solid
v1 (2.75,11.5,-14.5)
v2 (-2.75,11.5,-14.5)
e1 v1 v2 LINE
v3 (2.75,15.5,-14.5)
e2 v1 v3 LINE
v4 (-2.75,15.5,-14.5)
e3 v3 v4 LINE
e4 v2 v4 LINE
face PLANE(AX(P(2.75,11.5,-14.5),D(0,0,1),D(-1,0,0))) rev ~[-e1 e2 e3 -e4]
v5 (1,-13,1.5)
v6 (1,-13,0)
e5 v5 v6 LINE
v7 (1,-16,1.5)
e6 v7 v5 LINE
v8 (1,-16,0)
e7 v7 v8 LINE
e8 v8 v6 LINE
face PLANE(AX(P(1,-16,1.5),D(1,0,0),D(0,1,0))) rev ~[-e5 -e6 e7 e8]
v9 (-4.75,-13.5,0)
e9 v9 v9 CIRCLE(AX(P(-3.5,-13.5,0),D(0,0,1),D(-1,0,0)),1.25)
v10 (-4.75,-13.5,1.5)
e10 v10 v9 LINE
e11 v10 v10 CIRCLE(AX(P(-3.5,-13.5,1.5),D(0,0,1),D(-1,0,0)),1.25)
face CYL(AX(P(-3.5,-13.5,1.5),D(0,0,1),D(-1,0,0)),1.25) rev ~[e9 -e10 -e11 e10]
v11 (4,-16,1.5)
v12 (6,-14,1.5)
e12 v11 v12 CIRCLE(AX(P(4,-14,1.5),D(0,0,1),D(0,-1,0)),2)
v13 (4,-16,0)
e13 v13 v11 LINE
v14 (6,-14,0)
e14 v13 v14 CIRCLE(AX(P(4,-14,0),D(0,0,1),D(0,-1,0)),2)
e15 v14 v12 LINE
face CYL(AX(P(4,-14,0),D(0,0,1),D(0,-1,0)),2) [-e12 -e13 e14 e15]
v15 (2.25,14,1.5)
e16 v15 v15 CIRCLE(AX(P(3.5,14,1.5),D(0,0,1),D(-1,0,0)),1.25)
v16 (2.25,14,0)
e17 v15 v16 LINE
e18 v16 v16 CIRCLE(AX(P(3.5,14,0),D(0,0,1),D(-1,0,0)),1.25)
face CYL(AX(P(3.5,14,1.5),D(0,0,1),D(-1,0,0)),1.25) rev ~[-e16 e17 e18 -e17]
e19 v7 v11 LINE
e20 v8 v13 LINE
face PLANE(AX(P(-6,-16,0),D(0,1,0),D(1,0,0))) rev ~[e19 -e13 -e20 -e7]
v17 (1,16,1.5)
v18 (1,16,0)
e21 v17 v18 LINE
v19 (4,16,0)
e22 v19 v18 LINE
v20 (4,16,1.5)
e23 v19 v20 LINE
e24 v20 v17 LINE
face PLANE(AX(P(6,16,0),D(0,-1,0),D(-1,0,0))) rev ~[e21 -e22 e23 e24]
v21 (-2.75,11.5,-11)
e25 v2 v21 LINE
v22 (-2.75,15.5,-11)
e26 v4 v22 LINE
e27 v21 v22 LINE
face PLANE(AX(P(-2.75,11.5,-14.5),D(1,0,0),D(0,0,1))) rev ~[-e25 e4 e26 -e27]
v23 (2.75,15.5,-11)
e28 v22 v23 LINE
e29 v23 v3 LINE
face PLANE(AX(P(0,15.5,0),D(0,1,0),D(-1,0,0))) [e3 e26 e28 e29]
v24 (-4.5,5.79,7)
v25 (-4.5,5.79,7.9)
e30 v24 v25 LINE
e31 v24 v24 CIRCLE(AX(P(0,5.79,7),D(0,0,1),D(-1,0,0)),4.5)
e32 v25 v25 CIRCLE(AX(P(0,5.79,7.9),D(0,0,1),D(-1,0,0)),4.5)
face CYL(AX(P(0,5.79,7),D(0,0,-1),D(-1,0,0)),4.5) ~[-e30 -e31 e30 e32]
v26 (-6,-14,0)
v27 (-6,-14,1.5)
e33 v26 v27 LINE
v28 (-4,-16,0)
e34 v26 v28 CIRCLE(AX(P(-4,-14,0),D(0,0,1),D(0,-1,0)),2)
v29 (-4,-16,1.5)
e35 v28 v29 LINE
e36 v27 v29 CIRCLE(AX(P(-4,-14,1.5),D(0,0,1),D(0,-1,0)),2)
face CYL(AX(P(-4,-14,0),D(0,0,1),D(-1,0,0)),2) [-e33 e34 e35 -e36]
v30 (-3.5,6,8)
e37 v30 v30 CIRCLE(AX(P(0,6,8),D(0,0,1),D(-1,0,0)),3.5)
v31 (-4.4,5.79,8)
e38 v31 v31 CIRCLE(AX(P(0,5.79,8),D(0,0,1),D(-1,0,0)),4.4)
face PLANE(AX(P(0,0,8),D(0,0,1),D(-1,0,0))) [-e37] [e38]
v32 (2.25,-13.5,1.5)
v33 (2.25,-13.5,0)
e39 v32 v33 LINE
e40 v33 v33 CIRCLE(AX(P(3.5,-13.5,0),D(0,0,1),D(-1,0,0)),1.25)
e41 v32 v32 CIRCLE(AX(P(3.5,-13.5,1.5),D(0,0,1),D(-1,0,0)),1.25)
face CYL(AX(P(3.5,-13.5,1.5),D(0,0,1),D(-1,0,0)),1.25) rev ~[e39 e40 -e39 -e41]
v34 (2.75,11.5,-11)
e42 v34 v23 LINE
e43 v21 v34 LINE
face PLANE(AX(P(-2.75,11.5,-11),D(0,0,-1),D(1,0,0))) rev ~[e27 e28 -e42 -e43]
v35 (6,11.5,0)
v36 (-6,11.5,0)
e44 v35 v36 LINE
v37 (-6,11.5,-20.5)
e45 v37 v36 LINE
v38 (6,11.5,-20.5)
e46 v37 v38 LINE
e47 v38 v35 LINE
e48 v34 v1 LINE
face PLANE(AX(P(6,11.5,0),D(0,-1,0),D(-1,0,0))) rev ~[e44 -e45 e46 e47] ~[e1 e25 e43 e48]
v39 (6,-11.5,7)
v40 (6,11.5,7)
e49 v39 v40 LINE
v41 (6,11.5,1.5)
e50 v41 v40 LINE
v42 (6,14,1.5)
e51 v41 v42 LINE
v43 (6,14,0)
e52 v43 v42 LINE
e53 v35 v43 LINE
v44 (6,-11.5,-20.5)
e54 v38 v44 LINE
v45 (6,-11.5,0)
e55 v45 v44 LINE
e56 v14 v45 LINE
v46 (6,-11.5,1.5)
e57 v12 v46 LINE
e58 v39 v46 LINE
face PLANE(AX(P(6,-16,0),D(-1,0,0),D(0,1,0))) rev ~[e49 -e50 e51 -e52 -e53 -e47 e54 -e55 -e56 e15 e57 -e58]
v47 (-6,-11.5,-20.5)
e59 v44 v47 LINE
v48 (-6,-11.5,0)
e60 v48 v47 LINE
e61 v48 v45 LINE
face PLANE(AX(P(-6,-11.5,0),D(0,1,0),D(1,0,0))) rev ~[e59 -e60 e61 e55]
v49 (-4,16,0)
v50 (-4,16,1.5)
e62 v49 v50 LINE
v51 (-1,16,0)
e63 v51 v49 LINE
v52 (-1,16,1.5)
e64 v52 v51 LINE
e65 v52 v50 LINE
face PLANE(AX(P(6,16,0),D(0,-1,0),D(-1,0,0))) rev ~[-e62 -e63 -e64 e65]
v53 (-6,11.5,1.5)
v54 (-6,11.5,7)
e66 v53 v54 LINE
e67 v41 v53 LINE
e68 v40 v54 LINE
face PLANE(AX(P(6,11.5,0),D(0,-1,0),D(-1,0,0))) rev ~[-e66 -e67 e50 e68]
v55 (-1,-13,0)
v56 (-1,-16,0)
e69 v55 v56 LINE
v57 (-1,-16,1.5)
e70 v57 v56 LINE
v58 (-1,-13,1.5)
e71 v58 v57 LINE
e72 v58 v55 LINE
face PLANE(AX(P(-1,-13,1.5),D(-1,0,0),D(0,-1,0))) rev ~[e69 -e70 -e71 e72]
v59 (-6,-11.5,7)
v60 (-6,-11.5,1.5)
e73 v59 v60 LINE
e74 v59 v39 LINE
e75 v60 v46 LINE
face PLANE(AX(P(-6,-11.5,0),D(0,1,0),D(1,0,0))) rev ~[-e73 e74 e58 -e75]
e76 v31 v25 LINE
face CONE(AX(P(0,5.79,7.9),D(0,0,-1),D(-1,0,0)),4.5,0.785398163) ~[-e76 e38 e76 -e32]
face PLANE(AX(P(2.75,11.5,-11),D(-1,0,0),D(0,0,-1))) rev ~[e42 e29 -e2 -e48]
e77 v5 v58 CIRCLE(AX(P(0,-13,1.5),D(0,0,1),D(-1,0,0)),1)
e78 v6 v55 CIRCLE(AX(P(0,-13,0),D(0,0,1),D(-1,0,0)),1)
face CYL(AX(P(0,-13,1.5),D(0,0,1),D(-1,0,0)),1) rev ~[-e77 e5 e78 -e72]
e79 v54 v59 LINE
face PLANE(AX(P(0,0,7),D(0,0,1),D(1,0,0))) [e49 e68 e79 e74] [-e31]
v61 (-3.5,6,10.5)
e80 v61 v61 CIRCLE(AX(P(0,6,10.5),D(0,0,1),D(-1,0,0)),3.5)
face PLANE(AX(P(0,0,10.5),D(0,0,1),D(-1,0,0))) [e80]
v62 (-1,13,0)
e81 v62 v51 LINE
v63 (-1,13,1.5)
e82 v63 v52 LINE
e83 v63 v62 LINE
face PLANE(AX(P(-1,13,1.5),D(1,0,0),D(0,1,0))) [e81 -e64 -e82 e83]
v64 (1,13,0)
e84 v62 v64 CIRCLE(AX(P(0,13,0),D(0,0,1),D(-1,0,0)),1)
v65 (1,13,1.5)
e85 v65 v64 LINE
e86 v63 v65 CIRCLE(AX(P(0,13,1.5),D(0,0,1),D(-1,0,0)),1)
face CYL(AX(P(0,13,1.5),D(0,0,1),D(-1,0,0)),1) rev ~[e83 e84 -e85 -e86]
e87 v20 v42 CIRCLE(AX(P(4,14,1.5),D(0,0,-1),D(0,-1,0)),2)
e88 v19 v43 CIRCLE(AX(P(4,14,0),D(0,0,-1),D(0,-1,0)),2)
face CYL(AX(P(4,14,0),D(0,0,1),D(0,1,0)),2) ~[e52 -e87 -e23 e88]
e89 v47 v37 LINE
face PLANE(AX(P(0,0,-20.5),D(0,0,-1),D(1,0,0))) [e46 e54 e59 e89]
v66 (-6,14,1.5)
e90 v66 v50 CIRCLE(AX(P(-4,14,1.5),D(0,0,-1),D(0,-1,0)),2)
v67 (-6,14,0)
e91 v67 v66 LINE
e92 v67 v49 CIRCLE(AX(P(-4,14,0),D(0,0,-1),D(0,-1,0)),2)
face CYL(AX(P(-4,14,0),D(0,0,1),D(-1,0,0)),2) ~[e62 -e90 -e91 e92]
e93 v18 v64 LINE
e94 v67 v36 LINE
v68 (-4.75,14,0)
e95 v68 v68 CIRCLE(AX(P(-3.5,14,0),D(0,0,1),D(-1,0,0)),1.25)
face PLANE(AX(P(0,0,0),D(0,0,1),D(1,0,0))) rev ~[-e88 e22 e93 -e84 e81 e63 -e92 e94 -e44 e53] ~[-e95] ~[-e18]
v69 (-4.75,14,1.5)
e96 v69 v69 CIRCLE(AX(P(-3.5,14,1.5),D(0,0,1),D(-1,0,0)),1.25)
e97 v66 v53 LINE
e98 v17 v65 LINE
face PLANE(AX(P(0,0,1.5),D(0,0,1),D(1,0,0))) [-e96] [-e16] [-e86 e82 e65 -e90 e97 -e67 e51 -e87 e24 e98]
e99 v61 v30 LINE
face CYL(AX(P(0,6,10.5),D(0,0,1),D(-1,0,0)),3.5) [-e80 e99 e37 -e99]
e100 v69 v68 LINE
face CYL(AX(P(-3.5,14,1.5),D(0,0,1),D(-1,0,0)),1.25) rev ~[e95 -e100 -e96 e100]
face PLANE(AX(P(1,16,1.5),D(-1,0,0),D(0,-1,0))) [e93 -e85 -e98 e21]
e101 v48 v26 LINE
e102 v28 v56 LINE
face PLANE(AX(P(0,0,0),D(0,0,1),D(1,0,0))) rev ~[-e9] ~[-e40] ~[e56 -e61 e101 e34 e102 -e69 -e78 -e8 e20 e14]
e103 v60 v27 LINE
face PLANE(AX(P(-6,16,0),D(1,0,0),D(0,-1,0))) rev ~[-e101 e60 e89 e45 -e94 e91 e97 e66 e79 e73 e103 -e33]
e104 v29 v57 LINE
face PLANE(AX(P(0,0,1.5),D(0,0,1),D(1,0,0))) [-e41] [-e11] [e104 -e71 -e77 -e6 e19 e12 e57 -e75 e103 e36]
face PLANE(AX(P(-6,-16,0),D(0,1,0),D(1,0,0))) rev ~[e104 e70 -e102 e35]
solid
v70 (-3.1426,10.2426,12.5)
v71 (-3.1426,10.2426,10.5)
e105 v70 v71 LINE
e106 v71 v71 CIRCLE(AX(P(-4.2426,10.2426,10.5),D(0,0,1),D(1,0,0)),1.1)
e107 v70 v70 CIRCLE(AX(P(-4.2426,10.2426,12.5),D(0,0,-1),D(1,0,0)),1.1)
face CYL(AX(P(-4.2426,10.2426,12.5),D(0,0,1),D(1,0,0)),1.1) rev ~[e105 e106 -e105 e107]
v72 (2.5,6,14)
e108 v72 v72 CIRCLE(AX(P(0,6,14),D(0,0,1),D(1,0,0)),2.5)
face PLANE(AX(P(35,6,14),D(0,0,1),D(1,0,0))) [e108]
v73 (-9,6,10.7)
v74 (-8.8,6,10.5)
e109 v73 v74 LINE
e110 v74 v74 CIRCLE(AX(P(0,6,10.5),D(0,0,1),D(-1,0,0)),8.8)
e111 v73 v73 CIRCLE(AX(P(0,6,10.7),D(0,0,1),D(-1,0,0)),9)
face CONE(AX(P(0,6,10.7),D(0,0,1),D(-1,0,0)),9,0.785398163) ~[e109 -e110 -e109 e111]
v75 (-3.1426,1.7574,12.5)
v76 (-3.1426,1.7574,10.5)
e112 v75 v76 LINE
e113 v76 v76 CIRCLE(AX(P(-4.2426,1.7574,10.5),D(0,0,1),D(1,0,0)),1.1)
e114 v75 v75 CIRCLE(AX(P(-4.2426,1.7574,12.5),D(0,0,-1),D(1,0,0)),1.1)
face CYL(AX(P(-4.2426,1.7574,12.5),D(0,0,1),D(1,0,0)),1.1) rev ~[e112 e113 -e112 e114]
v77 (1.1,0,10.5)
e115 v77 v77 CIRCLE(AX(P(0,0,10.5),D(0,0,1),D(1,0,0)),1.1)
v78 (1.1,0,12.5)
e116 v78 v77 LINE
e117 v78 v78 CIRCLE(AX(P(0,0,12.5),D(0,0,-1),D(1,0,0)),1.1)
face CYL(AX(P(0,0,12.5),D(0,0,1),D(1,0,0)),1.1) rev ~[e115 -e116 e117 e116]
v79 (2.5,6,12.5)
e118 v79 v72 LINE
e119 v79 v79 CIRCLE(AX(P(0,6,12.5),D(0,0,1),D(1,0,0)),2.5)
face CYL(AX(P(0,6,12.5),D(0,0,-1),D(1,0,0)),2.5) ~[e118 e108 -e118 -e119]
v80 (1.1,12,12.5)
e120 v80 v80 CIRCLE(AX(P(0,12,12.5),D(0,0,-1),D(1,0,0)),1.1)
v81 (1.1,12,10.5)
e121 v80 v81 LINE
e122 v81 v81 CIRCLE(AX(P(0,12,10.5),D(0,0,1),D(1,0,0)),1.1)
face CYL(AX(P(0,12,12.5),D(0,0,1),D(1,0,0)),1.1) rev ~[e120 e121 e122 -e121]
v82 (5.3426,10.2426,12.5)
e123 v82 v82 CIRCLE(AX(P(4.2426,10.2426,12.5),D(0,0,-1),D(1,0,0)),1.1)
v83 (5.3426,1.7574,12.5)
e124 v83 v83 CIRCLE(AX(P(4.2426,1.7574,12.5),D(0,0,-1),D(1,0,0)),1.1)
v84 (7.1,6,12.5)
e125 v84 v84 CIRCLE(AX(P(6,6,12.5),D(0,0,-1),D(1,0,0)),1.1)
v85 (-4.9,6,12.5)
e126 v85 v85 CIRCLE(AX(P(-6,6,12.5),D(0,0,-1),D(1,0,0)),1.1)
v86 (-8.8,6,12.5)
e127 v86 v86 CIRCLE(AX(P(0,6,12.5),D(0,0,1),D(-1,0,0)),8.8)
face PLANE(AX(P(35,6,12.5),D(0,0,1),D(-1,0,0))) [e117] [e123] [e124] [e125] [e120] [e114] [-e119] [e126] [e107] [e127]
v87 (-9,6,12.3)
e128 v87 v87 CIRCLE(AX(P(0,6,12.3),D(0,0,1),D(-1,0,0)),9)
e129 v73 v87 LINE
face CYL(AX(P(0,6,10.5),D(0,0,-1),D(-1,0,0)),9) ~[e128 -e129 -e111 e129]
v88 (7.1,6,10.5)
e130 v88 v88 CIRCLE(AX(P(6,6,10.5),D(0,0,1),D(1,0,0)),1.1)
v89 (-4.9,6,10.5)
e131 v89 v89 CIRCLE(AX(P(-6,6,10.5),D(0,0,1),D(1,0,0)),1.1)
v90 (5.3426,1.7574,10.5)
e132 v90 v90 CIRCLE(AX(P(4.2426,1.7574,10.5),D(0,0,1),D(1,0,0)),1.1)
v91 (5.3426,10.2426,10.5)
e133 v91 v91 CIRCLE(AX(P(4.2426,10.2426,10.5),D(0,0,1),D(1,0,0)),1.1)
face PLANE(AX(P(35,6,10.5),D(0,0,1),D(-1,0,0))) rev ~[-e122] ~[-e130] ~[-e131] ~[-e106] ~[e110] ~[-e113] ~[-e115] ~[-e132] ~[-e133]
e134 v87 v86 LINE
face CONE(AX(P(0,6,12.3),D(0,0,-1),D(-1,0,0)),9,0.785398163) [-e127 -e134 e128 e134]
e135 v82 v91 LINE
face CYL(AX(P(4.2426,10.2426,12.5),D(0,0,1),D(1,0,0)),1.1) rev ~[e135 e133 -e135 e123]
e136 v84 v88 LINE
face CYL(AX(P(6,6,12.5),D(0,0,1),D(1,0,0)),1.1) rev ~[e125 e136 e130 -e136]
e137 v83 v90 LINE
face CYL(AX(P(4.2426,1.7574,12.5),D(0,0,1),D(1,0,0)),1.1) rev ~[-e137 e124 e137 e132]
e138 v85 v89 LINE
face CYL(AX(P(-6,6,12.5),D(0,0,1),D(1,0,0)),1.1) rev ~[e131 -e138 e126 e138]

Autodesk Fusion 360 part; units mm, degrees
sketch "스케치1" plane through (0, 0, 0) normal (0, 0, 1) x (1, 0, 0)
  line L0 (6, 11.5) -> (-6, 11.5)
  line L1 (-6, 11.5) -> (-6, -11.5)
  line L2 (-6, -11.5) -> (6, -11.5)
  line L3 (6, -11.5) -> (6, 11.5)
  line L4 (6, 11.5) -> (-6, -11.5) construction
  line L5 (-6, 11.5) -> (6, -11.5) construction
  dimension "d1" = 12
  dimension "d2" = 23
extrude "돌출1" add sketch "스케치1" along normal blind 7 makes body 1
sketch "스케치2" plane through (0, 0, 0) normal (0, 0, -1) x (1, 0, 0)
  line L0 (6, -11.5) -> (6, 11.5)
  line L1 (6, 11.5) -> (-6, 11.5)
  line L2 (-6, 11.5) -> (-6, -11.5)
  line L3 (-6, -11.5) -> (6, -11.5)
extrude "돌출2" add sketch "스케치2" along normal blind 20.5 bodies 1
sketch "스케치3" plane through (0, 0, 0) normal (0, 0, 1) x (1, 0, 0)
  line L0 (-6, -16) -> (6, -16)
  line L1 (6, -16) -> (6, 16)
  line L2 (6, 16) -> (-6, 16)
  line L3 (-6, 16) -> (-6, -16)
  line L4 (-6, -16) -> (6, 16) construction
  line L5 (6, -16) -> (-6, 16) construction
  dimension "d7" = 12
  dimension "d8" = 32
extrude "돌출3" add sketch "스케치3" along normal blind 1.5 bodies 1
sketch "스케치4" plane through (0, 0, 7) normal (0, 0, 1) x (-1, 0, 0)
  line L0 (-6, 11.5) -> (-6, -11.5)
  line L1 (-6, -11.5) -> (6, -11.5)
  line L2 (6, -11.5) -> (6, 11.5)
  line L3 (6, 11.5) -> (-6, 11.5)
  circle A0 centre (0, -5.79) radius 4.5
  dimension "d11" = 9
  dimension "d12" = 5.71
extrude "돌출4" add sketch "스케치4" along normal blind 1 contours A0 bodies 1
fillet "필렛1" radius 2 4 edges at (6, 16, 0.75) (-6, 16, 0.75) (6, -16, 0.75) (-6, -16, 0.75) on bodies 1
sketch "스케치5" plane through (0, 0, 1.5) normal (0, 0, 1) x (-1, 0, 0)
  arc A0 (4, -16) -> (6, -14) centre (4, -14) ccw
  line L0 (6, -14) -> (6, -11.5)
  line L1 (6, -11.5) -> (-6, -11.5)
  line L2 (-6, -11.5) -> (-6, -14)
  arc A1 (-6, -14) -> (-4, -16) centre (-4, -14) ccw
  line L3 (-4, -16) -> (4, -16)
  circle A2 centre (3.5, -14) radius 1.25
  circle A3 centre (-3.5, -14) radius 1.25
  line L4 (-6, -11.5) -> (6, -11.5)
  line L5 (1, -16) -> (-1, -16)
  line L6 (-1, -16) -> (-1, -13)
  line L7 (1, -13) -> (1, -16)
  line L8 (1, -16) -> (-1, -13) construction
  line L9 (-1, -16) -> (1, -13) construction
  circle A4 centre (0, -13) radius 1
  point P0 (0, -14.5)
  dimension "d17" = 2.5
  dimension "d18" = 2.5
  dimension "d19" = 2.5
  dimension "d20" = 2.5
  dimension "d21" = 2.5
  dimension "d22" = 2.5
  dimension "d23" = 2
  dimension "d24" = 3
extrude "돌출5" cut sketch "스케치5" against normal blind 1.5 contours L3 L5 L6 L7 A4 | A4 | A2 | A3 bodies 1
sketch "스케치6" plane through (0, 0, 1.5) normal (0, 0, 1) x (-1, 0, 0)
  arc A0 (6, 14) -> (4, 16) centre (4, 14) ccw
  line L0 (4, 16) -> (-4, 16)
  arc A1 (-4, 16) -> (-6, 14) centre (-4, 14) ccw
  line L1 (-6, 14) -> (-6, 11.5)
  line L2 (-6, 11.5) -> (6, 11.5)
  line L3 (6, 11.5) -> (6, 14)
  circle A2 centre (3.5, 13.5) radius 1.25
  circle A3 centre (-3.5, 13.5) radius 1.25
  line L4 (1, 16) -> (-1, 16)
  line L5 (-1, 16) -> (-1, 13)
  line L6 (-1, 13) -> (1, 13)
  line L7 (1, 13) -> (1, 16)
  line L8 (1, 16) -> (-1, 13) construction
  line L9 (-1, 16) -> (1, 13) construction
  circle A4 centre (0, 13) radius 1
  point P0 (0, 14.5)
  dimension "d27" = 2.5
  dimension "d28" = 2.5
  dimension "d29" = 2.5
  dimension "d30" = 2.5
  dimension "d31" = 2.5
  dimension "d32" = 2.5
  dimension "d33" = 2
  dimension "d34" = 3
extrude "돌출6" cut sketch "스케치6" against normal blind 1.5 contours L0 L4 L5 L7 A4 | L6 A4 | L6 A4 | A2 | A3 bodies 1
sketch "스케치7" plane through (0, 0, 8) normal (0, 0, 1) x (-1, 0, 0)
  circle A0 centre (0, -5.79) radius 4.5
sketch "스케치8" plane through (0, 0, 8) normal (0, 0, 1) x (-1, 0, 0)
  circle A0 centre (0, -6) radius 2
  dimension "d37" = 4
extrude "돌출7" add sketch "스케치8" along normal blind 2.5 bodies 1
sketch "스케치9" plane through (0, 0, 10.5) normal (0, 0, 1) x (-1, 0, 0)
  circle A0 centre (0, -6) radius 2
  circle A1 centre (0, -6) radius 3.5
  dimension "d40" = 7
extrude "돌출8" add sketch "스케치9" against normal blind 2.5 bodies 1
chamfer "챔퍼2" distance 0.1 angle 45 1 edges at (4.1955, 7.4173, 8) on bodies 1
sketch "스케치13" plane through (0, 11.5, 0) normal (0, 1, 0) x (-1, 0, 0)
  line L0 (6, 0) -> (-6, 0)
  line L1 (-6, 0) -> (-6, -20.5)
  line L2 (-6, -20.5) -> (6, -20.5)
  line L3 (6, -20.5) -> (6, 0)
  line L4 (2.75, -11) -> (-2.75, -11)
  line L5 (-2.75, -11) -> (-2.75, -14.5)
  line L6 (-2.75, -14.5) -> (2.75, -14.5)
  line L7 (2.75, -14.5) -> (2.75, -11)
  line L8 (2.75, -11) -> (-2.75, -14.5) construction
  line L9 (-2.75, -11) -> (2.75, -14.5) construction
  point P0 (0, -12.75)
  dimension "d66" = 5.5
  dimension "d67" = 3.5
  dimension "d68" = 9.5
  dimension "d69" = 3.25
extrude "돌출12" add sketch "스케치13" along normal blind 4 contours L4 L5 L6 L7 bodies 1
sketch "스케치14" plane through (0, 0, 0) normal (0, 0, 1) x (1, 0, 0)
  circle A0 centre (35, 0) radius 9
  dimension "d72" = 18
extrude "돌출13" add sketch "스케치14" along normal blind 2 separate body makes body 2
copy_body "본체->구성요소1" bodies 2 removing the originals makes body 3 in component "Horn"
sketch "스케치15" plane through (0, 0, 0) normal (0, 0, 1) x (1, 0, 0)
sketch "스케치16" plane through (0, 0, 2) normal (0, 0, 1) x (-1, 0, 0)
  circle A0 centre (-35, 0) radius 9
  circle A1 centre (-35, 0) radius 6
  circle A2 centre (-29, 0) radius 1.1
  circle A3 centre (-35, 6) radius 1.1
  circle A4 centre (-35, -6) radius 1.1
  circle A5 centre (-41, 0) radius 1.1
  circle A6 centre (-39.2426, 4.2426) radius 1.1
  circle A7 centre (-30.7574, -4.2426) radius 1.1
  line L0 (-35, 0) -> (-41.0673, -6.0673)
  line L1 (-35, 0) -> (-26.4196, 0) construction
  circle A8 centre (-39.2426, -4.2426) radius 1.1
  line L2 (-35, 0) -> (-42, 7)
  line L3 (-35, 0) -> (-25.1005, 0) construction
  line L4 (-35, 0) -> (-25.88, 9.12)
  line L5 (-35, 0) -> (-22.1024, 0) construction
  circle A9 centre (-30.7574, 4.2426) radius 1.1
  line L6 (-35, 0) -> (-26.5147, -8.4853)
  line L7 (-35, 0) -> (-23.0742, 0) construction
  dimension "d75" = 12
  dimension "d76" = 2.2
  dimension "d77" = 2.2
  dimension "d78" = 2.2
  dimension "d79" = 2.2
  dimension "d80" = 2.2
  dimension "d81" = 2.2
  dimension "d82" = 135
  dimension "d83" = 2.2
  dimension "d84" = 135
  dimension "d85" = 45
  dimension "d86" = 2.2
  dimension "d87" = 45
extrude "돌출1'" cut sketch "스케치16" against normal blind 2 contours A1 L4 A9 | A1 L4 A9 | A1 A7 L6 | A1 A7 L6 | A1 A6 L2 | A1 A6 L2 | A1 L4 A9 | A1 L4 A9 | A1 A7 L6 | A1 A7 L6 | A1 A6 L2 | A1 A6 L2 | A1 A3 | A1 A3 | A1 A4 | A1 A4 | A1 A5 | A1 A5 | A1 A2 | A1 A2 | A1 L0 A8 | A1 L0 A8 | A1 L0 A8 | A1 L0 A8 bodies 3 in component "Horn"
chamfer "챔퍼1" distance 0.2 angle 45 2 edges at (26.6091, -3.2545, 0) (26.6091, -3.2545, 2) on bodies 3 in component "Horn"
sketch "스케치17" plane through (0, 0, 2) normal (0, 0, 1) x (-1, 0, 0)
  circle A0 centre (-35, -6) radius 1.1
  circle A1 centre (-39.2426, 4.2426) radius 1.1
  circle A2 centre (-35, 6) radius 1.1
  circle A3 centre (-41, 0) radius 1.1
  circle A4 centre (-30.7574, -4.2426) radius 1.1
  circle A5 centre (-29, 0) radius 1.1
  circle A6 centre (-30.7574, 4.2426) radius 1.1
  circle A7 centre (-39.2426, -4.2426) radius 1.1
  circle A8 centre (-35, 0) radius 8.8
  circle A9 centre (-35, 0) radius 2.5
  dimension "d91" = 5
extrude "돌출2'" add sketch "스케치17" along normal blind 1.5 contours A9 bodies 3 in component "Horn"
component "Horn" placed x (-1, 0, 0) y (0, -1, 0) z (0, 0, 1) at (35, 6, 10.5)
